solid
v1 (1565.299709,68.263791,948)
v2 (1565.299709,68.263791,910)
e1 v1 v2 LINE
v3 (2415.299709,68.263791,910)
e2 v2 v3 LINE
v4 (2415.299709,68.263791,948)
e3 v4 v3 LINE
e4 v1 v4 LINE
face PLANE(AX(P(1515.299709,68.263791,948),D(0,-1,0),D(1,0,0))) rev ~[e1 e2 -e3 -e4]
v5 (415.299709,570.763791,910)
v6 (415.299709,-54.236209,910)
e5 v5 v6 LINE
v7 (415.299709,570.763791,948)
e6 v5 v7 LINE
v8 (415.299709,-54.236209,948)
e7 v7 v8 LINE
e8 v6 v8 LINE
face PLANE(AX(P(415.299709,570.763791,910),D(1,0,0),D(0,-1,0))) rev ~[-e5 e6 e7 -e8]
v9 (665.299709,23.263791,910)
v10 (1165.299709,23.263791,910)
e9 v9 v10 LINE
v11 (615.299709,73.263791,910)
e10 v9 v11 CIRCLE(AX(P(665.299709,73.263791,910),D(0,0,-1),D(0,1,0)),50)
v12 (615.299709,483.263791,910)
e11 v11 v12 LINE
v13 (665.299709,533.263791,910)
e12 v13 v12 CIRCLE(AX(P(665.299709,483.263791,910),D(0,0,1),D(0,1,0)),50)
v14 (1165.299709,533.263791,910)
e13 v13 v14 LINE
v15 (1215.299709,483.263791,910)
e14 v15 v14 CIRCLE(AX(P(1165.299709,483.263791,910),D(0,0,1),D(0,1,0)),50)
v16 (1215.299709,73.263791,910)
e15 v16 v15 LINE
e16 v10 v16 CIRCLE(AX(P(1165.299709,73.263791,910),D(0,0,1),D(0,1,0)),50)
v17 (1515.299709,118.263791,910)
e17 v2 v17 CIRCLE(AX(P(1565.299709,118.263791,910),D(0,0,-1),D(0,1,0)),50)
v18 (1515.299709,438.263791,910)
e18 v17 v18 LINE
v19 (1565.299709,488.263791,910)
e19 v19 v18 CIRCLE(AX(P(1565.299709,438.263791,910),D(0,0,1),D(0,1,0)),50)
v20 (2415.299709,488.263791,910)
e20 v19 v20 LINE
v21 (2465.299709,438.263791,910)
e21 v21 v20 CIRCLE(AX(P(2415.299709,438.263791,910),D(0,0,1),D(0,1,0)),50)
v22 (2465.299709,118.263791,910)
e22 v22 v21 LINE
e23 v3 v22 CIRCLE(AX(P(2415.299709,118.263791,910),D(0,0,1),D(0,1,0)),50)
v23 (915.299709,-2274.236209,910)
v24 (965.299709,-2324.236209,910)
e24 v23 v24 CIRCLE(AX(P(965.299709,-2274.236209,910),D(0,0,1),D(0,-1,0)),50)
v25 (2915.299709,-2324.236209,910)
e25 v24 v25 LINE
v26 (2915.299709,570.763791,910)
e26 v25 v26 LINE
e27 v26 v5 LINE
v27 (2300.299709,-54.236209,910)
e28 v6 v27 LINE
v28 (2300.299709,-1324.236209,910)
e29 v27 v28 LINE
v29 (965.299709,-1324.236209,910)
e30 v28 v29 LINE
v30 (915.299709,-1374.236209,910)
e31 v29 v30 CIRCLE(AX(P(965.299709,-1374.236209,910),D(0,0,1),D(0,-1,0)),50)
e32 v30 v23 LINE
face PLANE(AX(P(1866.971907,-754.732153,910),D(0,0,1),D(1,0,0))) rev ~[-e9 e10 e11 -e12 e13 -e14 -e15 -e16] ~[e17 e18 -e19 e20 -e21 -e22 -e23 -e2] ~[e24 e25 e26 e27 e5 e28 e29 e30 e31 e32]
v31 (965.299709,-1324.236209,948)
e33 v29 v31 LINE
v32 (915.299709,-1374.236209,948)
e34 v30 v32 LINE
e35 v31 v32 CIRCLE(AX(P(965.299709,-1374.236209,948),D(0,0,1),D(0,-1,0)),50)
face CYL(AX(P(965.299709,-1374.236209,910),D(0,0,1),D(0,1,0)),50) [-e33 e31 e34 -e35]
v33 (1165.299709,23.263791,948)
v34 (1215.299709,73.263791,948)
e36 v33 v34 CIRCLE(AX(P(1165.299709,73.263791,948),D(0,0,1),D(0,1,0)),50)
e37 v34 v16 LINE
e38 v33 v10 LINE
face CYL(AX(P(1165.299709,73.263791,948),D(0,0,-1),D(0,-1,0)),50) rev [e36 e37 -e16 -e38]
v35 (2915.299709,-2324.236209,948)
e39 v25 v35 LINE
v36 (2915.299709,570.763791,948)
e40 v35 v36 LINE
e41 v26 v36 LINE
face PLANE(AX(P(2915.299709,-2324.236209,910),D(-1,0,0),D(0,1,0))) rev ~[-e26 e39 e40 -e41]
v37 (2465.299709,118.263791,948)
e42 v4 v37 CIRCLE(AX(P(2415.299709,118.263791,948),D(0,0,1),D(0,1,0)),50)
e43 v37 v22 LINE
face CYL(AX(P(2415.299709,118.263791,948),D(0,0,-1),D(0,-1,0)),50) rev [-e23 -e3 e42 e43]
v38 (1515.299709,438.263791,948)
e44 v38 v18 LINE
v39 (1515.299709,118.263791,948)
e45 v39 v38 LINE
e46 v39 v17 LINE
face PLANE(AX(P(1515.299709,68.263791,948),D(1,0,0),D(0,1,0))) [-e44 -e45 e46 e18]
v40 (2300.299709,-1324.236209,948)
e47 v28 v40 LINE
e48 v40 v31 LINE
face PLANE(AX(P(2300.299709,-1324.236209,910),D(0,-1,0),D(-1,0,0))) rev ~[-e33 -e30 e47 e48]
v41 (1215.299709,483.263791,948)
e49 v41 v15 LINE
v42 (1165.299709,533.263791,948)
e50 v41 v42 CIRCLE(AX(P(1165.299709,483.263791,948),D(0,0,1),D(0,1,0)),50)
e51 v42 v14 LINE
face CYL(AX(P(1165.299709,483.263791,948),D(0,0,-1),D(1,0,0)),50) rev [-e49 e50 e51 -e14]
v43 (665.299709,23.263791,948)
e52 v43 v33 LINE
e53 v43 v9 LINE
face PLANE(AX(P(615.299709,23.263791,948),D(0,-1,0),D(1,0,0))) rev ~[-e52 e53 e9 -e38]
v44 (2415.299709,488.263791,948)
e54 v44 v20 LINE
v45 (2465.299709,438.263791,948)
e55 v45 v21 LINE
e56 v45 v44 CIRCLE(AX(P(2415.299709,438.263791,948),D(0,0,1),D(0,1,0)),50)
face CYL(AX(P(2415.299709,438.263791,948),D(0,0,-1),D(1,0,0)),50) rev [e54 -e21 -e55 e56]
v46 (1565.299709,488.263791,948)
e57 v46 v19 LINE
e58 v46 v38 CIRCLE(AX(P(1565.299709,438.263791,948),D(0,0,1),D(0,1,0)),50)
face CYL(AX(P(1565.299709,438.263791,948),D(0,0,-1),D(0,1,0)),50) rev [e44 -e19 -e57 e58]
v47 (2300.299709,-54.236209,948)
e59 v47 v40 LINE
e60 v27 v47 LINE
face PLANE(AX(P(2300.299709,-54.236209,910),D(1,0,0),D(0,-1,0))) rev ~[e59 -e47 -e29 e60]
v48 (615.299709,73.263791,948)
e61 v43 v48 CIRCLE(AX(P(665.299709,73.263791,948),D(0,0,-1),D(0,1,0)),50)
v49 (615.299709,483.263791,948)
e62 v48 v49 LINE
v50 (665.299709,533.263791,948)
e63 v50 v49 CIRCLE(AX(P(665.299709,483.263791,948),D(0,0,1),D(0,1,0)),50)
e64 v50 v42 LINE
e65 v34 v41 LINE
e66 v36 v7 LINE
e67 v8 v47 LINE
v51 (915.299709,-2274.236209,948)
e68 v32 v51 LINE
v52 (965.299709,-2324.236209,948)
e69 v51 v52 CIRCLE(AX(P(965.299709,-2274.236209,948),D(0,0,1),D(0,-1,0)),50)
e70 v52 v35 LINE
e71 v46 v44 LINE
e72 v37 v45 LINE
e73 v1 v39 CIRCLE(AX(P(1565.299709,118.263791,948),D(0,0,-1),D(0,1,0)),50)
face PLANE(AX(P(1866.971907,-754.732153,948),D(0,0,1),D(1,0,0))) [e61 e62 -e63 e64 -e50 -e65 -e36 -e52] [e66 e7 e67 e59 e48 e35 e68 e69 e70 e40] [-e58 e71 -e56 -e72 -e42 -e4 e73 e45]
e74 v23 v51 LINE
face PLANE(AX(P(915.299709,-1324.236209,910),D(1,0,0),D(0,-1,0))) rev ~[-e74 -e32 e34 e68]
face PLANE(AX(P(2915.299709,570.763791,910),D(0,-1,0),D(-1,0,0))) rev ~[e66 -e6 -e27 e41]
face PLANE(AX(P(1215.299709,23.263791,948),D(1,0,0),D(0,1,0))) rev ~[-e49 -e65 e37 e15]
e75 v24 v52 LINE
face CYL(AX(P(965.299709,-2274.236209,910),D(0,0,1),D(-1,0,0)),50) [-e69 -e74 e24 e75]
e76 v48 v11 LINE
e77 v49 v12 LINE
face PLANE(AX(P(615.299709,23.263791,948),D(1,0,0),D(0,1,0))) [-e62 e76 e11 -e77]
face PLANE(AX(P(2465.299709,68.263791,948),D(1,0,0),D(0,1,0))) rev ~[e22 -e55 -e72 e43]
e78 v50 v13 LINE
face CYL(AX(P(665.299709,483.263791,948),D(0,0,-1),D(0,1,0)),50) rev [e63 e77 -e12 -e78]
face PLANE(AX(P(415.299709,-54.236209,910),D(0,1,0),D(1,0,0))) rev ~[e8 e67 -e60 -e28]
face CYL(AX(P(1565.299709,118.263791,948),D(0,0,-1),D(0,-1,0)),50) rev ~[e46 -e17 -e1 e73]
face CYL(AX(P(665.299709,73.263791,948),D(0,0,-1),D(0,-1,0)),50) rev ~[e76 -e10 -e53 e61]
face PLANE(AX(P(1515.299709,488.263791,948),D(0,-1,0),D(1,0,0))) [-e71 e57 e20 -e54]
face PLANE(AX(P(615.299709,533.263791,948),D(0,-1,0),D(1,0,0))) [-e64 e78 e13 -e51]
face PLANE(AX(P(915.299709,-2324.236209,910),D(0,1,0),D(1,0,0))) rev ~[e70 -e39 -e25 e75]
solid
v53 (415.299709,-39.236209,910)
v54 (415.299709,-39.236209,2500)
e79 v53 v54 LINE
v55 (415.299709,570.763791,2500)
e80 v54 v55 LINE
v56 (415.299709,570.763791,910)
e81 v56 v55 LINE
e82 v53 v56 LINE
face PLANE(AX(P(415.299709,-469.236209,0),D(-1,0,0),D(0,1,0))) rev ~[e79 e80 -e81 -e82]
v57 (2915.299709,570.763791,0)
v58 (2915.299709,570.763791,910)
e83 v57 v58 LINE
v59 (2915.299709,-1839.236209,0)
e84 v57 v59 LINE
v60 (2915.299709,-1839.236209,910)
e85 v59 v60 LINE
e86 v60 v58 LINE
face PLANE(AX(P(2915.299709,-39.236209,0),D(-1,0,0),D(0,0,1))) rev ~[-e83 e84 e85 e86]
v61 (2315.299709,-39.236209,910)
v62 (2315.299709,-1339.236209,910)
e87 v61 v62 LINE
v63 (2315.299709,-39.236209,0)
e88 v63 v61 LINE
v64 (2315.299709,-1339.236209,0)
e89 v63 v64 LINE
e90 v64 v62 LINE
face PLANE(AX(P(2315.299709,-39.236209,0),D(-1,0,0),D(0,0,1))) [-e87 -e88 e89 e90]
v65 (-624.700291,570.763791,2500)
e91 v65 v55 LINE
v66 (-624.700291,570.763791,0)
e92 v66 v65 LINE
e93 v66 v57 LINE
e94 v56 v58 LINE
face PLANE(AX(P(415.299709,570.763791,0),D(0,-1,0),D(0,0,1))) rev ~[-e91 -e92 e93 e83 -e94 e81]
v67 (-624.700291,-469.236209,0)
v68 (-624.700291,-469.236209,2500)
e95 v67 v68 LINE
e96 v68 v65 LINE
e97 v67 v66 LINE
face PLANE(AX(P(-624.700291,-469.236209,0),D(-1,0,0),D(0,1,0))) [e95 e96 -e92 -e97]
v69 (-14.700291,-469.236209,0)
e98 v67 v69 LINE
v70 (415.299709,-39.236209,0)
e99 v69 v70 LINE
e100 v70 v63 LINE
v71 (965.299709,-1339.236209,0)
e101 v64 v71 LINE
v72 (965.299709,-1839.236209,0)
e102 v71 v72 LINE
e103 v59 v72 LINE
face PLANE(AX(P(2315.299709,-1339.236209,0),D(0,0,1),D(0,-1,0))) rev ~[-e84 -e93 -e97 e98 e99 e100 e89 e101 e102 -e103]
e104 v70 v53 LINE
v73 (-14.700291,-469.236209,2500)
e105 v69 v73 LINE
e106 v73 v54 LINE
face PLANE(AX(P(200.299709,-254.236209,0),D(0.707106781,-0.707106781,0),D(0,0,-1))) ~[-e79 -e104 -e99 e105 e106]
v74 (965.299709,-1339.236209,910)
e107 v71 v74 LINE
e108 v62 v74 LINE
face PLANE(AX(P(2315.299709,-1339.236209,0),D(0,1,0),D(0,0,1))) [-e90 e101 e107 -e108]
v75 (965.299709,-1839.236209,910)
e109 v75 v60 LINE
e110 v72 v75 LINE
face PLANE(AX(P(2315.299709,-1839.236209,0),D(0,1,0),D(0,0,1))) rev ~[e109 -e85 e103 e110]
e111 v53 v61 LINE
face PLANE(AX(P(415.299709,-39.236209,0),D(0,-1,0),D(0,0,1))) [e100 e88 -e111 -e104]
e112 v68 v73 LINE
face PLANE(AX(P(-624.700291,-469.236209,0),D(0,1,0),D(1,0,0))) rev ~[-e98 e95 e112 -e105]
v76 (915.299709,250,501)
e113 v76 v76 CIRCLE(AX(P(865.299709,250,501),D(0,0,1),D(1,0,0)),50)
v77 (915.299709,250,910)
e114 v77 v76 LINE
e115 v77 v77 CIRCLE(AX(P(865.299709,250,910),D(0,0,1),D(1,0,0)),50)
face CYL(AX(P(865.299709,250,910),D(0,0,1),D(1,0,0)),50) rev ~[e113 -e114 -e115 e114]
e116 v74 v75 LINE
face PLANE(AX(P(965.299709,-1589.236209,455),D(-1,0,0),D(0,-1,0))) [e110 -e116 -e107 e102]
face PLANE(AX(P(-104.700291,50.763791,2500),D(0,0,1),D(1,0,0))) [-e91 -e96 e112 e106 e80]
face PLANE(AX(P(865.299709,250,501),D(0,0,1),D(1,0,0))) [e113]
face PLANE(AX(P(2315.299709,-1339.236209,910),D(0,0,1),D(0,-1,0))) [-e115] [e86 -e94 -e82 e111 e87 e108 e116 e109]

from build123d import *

# Parameters (mm, degrees)
F0_W      = 1040
F0_H      = 1040
F1_DEPTH  = 2500
F2_SIZE   = 430
F3_W      = 610
F3_H      = 910
F4_DEPTH  = 2500
F5_W      = 600
F5_H      = 910
F6_DEPTH  = 1800
F7_W      = 500
F7_H      = 910
F8_DEPTH  = 1400
F10_DEPTH = 38
F11_R     = 50
F12_W     = 500
F12_H     = 910
F13_DEPTH = 50
F14_R     = 50
F15_DEPTH = 409
F16_W     = 600
F16_H     = 510
F17_DEPTH = 38
F18_R     = 50
F19_W     = 950
F19_H     = 420
F20_DEPTH = 38
F21_R     = 50


with BuildPart() as f1:
    # F0 (on Top) → F1 (new body)
    with BuildSketch(Plane.XY):
        with Locations((-104.700291, 50.763791)):
            Rectangle(F0_W, F0_H)
    extrude(amount=F1_DEPTH)

    # F2
    f2_edges = [f1.edges().sort_by_distance(p)[0] for p in [
        (415.299709, -469.236209, 1250),
    ]]
    chamfer(f2_edges, length=F2_SIZE)

    # F3 (on face) → F4 (join)
    with BuildSketch(Plane.YZ.offset(415.299709)):
        with Locations((265.763791, 455)):
            Rectangle(F3_W, F3_H)
    extrude(amount=F4_DEPTH)

    # F5 (on face) → F6 (join)
    with BuildSketch(Plane.XZ.offset(39.236209)):
        with Locations((2615.299709, 455)):
            Rectangle(F5_W, F5_H)
    extrude(amount=F6_DEPTH)

    # F7 (on face) → F8 (join)
    with BuildSketch(Plane(origin=(2315.299709, 0, 0), x_dir=(0, -1, 0), z_dir=(-1, 0, 0))):
        with Locations((1589.236209, 455)):
            Rectangle(F7_W, F7_H)
    extrude(amount=F8_DEPTH)

    # F12 (on face) → F13 (cut)
    with BuildSketch(Plane(origin=(915.299709, 0, 0), x_dir=(0, -1, 0), z_dir=(-1, 0, 0))):
        with Locations((1589.236209, 455)):
            Rectangle(F12_W, F12_H)
    extrude(amount=-F13_DEPTH, mode=Mode.SUBTRACT)

    # F14 (on face) → F15 (cut)
    with BuildSketch(Plane.XY.offset(910)):
        with Locations((865.299709, 250)):
            Circle(F14_R)
    extrude(amount=-F15_DEPTH, mode=Mode.SUBTRACT)


with BuildPart() as f10:
    # F9 (on face) → F10 (new body)
    with BuildSketch(Plane.XY.offset(910)):
        Polygon((2915.299709, -2324.236209), (2915.299709, -1839.236209), (2915.299709, 570.763791), (415.299709, 570.763791), (415.299709, -54.236209), (2300.299709, -54.236209), (2300.299709, -1324.236209), (915.299709, -1324.236209), (915.299709, -1339.236209), (915.299709, -2324.236209), align=None)
    extrude(amount=F10_DEPTH)

    # F11
    f11_edges = [f10.edges().sort_by_distance(p)[0] for p in [
        (915.299709, -1324.236209, 929),
        (915.299709, -2324.236209, 929),
    ]]
    fillet(f11_edges, radius=F11_R)

    # F16 (on face) → F17 (cut)
    with BuildSketch(Plane.XY.offset(948)):
        with Locations((915.299709, 278.263791)):
            Rectangle(F16_W, F16_H)
    extrude(amount=-F17_DEPTH, mode=Mode.SUBTRACT)

    # F18
    f18_edges = [f10.edges().sort_by_distance(p)[0] for p in [
        (615.299709, 533.263791, 929),
        (615.299709, 23.263791, 929),
        (1215.299709, 23.263791, 929),
        (1215.299709, 533.263791, 929),
    ]]
    fillet(f18_edges, radius=F18_R)

    # F19 (on face) → F20 (cut)
    with BuildSketch(Plane.XY.offset(948)):
        with Locations((1990.299709, 278.263791)):
            Rectangle(F19_W, F19_H)
    extrude(amount=-F20_DEPTH, mode=Mode.SUBTRACT)

    # F21
    f21_edges = [f10.edges().sort_by_distance(p)[0] for p in [
        (1515.299709, 488.263791, 929),
        (2465.299709, 488.263791, 929),
        (1515.299709, 68.263791, 929),
        (2465.299709, 68.263791, 929),
    ]]
    fillet(f21_edges, radius=F21_R)


solid = Compound([f1.part, f10.part])
